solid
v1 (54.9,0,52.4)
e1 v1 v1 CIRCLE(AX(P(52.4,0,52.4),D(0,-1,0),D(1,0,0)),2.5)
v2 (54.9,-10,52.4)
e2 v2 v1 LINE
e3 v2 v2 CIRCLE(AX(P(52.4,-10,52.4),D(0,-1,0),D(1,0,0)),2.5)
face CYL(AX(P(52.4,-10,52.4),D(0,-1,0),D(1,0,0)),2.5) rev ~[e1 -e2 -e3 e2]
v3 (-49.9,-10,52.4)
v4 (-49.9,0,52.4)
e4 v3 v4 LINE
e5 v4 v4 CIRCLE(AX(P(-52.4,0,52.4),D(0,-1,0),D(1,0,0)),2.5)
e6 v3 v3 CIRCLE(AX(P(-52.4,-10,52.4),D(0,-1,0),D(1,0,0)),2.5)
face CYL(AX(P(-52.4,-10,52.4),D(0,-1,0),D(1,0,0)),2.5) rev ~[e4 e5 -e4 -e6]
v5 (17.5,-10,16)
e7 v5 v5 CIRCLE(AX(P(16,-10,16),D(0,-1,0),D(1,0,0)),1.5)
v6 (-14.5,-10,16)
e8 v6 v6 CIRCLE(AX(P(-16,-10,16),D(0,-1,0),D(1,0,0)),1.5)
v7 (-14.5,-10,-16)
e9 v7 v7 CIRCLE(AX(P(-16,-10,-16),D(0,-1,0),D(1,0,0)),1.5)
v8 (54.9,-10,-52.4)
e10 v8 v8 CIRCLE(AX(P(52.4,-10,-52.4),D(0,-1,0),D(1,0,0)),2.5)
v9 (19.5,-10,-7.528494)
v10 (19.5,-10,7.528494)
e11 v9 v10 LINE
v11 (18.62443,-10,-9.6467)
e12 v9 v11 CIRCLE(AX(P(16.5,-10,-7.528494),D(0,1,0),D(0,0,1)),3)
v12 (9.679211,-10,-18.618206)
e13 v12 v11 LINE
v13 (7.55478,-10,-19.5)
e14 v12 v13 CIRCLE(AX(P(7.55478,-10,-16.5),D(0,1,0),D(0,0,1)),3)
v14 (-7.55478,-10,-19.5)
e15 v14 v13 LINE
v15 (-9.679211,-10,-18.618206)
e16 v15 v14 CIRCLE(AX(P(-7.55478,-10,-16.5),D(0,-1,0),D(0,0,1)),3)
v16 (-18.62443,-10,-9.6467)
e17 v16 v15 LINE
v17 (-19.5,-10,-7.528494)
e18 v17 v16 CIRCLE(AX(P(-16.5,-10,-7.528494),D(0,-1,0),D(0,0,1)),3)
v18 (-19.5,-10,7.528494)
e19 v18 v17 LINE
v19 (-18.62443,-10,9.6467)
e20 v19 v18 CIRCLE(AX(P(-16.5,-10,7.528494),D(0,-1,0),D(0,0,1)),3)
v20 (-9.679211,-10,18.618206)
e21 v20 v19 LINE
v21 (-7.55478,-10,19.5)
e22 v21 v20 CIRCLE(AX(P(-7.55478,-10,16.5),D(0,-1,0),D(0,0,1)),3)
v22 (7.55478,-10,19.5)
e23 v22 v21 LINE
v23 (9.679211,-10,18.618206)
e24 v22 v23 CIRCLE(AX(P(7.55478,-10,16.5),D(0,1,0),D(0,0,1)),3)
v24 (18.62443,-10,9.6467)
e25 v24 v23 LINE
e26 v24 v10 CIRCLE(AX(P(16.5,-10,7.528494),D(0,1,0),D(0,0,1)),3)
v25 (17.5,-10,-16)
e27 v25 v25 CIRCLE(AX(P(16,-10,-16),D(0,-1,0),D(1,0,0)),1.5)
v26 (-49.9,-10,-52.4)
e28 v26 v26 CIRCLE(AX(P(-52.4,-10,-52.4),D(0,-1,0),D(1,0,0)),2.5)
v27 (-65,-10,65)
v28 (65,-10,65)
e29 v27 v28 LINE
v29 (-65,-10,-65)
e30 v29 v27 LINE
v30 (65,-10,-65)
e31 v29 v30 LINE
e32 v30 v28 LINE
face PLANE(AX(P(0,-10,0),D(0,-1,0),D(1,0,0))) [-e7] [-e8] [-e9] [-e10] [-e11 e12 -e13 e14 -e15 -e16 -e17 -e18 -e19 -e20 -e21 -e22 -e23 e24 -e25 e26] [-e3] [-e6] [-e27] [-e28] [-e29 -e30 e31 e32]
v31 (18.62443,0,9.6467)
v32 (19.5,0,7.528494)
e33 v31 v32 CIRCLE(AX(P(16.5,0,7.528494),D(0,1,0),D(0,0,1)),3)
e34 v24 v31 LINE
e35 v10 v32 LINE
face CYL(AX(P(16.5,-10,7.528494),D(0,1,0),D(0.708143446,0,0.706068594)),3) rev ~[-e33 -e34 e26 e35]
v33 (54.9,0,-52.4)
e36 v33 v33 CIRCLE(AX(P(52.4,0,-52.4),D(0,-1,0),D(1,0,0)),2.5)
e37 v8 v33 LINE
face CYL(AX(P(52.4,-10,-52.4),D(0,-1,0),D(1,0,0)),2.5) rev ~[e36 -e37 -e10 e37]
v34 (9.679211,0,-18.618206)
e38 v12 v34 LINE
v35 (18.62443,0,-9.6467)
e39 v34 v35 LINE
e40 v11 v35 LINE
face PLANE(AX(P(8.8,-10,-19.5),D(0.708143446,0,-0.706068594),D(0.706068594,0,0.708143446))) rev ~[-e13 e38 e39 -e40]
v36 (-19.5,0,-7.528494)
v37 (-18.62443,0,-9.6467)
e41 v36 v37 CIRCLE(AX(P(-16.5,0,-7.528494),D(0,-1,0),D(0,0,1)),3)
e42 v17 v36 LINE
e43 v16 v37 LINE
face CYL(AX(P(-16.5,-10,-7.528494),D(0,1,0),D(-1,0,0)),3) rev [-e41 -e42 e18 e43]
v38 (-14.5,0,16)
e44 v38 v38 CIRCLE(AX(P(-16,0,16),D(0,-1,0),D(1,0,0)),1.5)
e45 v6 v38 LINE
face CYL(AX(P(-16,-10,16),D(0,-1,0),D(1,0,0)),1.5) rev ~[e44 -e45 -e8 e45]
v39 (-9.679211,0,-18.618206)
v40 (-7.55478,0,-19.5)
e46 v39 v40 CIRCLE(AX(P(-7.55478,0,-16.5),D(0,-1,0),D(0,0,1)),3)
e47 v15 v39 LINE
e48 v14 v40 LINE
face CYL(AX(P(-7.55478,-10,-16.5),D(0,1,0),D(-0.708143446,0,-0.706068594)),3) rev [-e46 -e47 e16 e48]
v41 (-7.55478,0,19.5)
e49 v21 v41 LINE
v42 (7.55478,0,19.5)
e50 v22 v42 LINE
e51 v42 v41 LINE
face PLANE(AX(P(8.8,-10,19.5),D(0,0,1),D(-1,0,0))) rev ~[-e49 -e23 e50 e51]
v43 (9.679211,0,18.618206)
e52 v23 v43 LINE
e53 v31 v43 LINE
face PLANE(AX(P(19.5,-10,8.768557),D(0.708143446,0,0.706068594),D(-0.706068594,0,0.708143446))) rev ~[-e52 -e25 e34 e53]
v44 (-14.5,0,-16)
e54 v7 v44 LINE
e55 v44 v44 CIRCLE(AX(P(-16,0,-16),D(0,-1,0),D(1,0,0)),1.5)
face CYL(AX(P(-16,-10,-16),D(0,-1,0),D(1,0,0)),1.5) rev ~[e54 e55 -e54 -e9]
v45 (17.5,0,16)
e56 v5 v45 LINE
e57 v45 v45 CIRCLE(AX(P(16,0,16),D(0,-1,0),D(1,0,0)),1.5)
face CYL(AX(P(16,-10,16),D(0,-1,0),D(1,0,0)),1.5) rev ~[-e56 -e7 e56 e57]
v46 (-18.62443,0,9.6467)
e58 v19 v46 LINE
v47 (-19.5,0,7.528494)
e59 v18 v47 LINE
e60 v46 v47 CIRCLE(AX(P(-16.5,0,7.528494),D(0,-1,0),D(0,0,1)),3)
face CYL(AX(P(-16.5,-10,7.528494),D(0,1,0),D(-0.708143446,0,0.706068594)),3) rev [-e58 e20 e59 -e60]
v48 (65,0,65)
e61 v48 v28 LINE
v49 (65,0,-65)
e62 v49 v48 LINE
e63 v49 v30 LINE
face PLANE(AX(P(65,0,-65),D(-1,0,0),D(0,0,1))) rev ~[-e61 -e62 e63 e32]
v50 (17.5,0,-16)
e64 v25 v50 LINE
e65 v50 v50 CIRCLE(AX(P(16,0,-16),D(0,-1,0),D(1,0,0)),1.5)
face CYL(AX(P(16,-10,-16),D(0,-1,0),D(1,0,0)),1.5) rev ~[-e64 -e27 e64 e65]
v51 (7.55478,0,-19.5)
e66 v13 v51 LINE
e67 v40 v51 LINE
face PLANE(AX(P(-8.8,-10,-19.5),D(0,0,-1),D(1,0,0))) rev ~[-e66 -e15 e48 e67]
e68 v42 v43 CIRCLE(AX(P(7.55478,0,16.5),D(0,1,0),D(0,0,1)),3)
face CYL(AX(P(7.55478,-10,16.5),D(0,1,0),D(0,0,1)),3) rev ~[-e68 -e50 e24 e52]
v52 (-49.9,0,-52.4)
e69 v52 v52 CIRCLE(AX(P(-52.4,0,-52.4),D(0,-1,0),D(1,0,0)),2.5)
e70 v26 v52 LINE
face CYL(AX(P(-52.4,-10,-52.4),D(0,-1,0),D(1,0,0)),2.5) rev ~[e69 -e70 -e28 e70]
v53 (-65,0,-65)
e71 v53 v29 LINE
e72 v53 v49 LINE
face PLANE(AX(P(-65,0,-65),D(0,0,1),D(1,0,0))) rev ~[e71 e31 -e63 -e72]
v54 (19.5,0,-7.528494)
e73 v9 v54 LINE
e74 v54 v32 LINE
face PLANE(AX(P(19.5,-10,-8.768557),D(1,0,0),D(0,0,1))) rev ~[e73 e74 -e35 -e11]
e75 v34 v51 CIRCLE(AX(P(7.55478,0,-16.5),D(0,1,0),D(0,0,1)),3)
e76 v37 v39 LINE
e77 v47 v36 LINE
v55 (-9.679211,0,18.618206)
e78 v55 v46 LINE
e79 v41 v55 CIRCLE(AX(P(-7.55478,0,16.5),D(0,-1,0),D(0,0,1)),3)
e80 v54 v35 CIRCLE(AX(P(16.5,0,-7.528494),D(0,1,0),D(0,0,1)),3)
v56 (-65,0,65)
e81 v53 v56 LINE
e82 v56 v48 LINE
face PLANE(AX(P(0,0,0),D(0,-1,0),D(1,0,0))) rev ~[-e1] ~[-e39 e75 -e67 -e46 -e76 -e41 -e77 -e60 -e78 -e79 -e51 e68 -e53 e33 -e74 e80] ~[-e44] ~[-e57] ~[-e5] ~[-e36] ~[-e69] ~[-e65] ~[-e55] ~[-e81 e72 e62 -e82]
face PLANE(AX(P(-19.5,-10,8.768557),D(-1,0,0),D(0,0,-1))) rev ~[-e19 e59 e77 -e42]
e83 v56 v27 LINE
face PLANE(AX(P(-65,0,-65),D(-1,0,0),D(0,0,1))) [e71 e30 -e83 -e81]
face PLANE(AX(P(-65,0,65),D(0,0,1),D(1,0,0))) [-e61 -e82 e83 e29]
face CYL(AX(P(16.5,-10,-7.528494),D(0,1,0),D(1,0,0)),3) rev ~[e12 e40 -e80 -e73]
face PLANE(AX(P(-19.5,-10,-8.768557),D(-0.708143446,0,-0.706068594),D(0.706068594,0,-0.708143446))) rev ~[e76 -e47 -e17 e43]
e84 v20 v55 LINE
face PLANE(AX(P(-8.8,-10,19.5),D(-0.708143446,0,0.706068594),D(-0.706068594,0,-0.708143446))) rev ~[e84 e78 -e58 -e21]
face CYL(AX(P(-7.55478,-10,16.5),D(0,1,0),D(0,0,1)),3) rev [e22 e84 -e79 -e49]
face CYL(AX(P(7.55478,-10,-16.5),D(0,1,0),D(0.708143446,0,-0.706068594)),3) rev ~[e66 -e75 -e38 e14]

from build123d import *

# Parameters (mm, degrees)
F0_W     = 130
F0_H     = 130
F1_DEPTH = 10
F3_DEPTH = 10
F4_R     = 1.5
F5_DEPTH = 10
F6_R     = 2.5
F7_DEPTH = 10
F8_R     = 3


with BuildPart() as f1:
    # F0 (on Front) → F1 (new body)
    with BuildSketch(Plane.XZ):
        Rectangle(F0_W, F0_H)
    extrude(amount=F1_DEPTH)

    # F2 (on face) → F3 (cut, through all)
    with BuildSketch(Plane.XZ.offset(10)):
        Polygon((8.8, 19.5), (-8.8, 19.5), (-19.5, 8.768557), (-19.5, -8.768557), (-8.8, -19.5), (8.8, -19.5), (19.5, -8.768557), (19.5, 8.768557), align=None)
    extrude(amount=-F3_DEPTH, mode=Mode.SUBTRACT)

    # F4 (on face) → F5 (cut, through all)
    with BuildSketch(Plane.XZ.offset(10)):
        with Locations((16, 16)):
            Circle(F4_R)
        with Locations((16, -16)):
            Circle(F4_R)
        with Locations((-16, 16)):
            Circle(F4_R)
        with Locations((-16, -16)):
            Circle(F4_R)
    extrude(amount=-F5_DEPTH, mode=Mode.SUBTRACT)

    # F6 (on face) → F7 (cut, through all)
    with BuildSketch(Plane.XZ.offset(10)):
        with Locations((52.4, 52.4)):
            Circle(F6_R)
        with Locations((52.4, -52.4)):
            Circle(F6_R)
        with Locations((-52.4, 52.4)):
            Circle(F6_R)
        with Locations((-52.4, -52.4)):
            Circle(F6_R)
    extrude(amount=-F7_DEPTH, mode=Mode.SUBTRACT)

    # F8
    f8_edges = [f1.edges().sort_by_distance(p)[0] for p in [
        (-19.5, -5, 8.768557),
        (-8.8, -5, 19.5),
        (-19.5, -5, -8.768557),
        (-8.8, -5, -19.5),
        (8.8, -5, -19.5),
        (19.5, -5, -8.768557),
        (19.5, -5, 8.768557),
        (8.8, -5, 19.5),
    ]]
    fillet(f8_edges, radius=F8_R)


solid = f1.part
